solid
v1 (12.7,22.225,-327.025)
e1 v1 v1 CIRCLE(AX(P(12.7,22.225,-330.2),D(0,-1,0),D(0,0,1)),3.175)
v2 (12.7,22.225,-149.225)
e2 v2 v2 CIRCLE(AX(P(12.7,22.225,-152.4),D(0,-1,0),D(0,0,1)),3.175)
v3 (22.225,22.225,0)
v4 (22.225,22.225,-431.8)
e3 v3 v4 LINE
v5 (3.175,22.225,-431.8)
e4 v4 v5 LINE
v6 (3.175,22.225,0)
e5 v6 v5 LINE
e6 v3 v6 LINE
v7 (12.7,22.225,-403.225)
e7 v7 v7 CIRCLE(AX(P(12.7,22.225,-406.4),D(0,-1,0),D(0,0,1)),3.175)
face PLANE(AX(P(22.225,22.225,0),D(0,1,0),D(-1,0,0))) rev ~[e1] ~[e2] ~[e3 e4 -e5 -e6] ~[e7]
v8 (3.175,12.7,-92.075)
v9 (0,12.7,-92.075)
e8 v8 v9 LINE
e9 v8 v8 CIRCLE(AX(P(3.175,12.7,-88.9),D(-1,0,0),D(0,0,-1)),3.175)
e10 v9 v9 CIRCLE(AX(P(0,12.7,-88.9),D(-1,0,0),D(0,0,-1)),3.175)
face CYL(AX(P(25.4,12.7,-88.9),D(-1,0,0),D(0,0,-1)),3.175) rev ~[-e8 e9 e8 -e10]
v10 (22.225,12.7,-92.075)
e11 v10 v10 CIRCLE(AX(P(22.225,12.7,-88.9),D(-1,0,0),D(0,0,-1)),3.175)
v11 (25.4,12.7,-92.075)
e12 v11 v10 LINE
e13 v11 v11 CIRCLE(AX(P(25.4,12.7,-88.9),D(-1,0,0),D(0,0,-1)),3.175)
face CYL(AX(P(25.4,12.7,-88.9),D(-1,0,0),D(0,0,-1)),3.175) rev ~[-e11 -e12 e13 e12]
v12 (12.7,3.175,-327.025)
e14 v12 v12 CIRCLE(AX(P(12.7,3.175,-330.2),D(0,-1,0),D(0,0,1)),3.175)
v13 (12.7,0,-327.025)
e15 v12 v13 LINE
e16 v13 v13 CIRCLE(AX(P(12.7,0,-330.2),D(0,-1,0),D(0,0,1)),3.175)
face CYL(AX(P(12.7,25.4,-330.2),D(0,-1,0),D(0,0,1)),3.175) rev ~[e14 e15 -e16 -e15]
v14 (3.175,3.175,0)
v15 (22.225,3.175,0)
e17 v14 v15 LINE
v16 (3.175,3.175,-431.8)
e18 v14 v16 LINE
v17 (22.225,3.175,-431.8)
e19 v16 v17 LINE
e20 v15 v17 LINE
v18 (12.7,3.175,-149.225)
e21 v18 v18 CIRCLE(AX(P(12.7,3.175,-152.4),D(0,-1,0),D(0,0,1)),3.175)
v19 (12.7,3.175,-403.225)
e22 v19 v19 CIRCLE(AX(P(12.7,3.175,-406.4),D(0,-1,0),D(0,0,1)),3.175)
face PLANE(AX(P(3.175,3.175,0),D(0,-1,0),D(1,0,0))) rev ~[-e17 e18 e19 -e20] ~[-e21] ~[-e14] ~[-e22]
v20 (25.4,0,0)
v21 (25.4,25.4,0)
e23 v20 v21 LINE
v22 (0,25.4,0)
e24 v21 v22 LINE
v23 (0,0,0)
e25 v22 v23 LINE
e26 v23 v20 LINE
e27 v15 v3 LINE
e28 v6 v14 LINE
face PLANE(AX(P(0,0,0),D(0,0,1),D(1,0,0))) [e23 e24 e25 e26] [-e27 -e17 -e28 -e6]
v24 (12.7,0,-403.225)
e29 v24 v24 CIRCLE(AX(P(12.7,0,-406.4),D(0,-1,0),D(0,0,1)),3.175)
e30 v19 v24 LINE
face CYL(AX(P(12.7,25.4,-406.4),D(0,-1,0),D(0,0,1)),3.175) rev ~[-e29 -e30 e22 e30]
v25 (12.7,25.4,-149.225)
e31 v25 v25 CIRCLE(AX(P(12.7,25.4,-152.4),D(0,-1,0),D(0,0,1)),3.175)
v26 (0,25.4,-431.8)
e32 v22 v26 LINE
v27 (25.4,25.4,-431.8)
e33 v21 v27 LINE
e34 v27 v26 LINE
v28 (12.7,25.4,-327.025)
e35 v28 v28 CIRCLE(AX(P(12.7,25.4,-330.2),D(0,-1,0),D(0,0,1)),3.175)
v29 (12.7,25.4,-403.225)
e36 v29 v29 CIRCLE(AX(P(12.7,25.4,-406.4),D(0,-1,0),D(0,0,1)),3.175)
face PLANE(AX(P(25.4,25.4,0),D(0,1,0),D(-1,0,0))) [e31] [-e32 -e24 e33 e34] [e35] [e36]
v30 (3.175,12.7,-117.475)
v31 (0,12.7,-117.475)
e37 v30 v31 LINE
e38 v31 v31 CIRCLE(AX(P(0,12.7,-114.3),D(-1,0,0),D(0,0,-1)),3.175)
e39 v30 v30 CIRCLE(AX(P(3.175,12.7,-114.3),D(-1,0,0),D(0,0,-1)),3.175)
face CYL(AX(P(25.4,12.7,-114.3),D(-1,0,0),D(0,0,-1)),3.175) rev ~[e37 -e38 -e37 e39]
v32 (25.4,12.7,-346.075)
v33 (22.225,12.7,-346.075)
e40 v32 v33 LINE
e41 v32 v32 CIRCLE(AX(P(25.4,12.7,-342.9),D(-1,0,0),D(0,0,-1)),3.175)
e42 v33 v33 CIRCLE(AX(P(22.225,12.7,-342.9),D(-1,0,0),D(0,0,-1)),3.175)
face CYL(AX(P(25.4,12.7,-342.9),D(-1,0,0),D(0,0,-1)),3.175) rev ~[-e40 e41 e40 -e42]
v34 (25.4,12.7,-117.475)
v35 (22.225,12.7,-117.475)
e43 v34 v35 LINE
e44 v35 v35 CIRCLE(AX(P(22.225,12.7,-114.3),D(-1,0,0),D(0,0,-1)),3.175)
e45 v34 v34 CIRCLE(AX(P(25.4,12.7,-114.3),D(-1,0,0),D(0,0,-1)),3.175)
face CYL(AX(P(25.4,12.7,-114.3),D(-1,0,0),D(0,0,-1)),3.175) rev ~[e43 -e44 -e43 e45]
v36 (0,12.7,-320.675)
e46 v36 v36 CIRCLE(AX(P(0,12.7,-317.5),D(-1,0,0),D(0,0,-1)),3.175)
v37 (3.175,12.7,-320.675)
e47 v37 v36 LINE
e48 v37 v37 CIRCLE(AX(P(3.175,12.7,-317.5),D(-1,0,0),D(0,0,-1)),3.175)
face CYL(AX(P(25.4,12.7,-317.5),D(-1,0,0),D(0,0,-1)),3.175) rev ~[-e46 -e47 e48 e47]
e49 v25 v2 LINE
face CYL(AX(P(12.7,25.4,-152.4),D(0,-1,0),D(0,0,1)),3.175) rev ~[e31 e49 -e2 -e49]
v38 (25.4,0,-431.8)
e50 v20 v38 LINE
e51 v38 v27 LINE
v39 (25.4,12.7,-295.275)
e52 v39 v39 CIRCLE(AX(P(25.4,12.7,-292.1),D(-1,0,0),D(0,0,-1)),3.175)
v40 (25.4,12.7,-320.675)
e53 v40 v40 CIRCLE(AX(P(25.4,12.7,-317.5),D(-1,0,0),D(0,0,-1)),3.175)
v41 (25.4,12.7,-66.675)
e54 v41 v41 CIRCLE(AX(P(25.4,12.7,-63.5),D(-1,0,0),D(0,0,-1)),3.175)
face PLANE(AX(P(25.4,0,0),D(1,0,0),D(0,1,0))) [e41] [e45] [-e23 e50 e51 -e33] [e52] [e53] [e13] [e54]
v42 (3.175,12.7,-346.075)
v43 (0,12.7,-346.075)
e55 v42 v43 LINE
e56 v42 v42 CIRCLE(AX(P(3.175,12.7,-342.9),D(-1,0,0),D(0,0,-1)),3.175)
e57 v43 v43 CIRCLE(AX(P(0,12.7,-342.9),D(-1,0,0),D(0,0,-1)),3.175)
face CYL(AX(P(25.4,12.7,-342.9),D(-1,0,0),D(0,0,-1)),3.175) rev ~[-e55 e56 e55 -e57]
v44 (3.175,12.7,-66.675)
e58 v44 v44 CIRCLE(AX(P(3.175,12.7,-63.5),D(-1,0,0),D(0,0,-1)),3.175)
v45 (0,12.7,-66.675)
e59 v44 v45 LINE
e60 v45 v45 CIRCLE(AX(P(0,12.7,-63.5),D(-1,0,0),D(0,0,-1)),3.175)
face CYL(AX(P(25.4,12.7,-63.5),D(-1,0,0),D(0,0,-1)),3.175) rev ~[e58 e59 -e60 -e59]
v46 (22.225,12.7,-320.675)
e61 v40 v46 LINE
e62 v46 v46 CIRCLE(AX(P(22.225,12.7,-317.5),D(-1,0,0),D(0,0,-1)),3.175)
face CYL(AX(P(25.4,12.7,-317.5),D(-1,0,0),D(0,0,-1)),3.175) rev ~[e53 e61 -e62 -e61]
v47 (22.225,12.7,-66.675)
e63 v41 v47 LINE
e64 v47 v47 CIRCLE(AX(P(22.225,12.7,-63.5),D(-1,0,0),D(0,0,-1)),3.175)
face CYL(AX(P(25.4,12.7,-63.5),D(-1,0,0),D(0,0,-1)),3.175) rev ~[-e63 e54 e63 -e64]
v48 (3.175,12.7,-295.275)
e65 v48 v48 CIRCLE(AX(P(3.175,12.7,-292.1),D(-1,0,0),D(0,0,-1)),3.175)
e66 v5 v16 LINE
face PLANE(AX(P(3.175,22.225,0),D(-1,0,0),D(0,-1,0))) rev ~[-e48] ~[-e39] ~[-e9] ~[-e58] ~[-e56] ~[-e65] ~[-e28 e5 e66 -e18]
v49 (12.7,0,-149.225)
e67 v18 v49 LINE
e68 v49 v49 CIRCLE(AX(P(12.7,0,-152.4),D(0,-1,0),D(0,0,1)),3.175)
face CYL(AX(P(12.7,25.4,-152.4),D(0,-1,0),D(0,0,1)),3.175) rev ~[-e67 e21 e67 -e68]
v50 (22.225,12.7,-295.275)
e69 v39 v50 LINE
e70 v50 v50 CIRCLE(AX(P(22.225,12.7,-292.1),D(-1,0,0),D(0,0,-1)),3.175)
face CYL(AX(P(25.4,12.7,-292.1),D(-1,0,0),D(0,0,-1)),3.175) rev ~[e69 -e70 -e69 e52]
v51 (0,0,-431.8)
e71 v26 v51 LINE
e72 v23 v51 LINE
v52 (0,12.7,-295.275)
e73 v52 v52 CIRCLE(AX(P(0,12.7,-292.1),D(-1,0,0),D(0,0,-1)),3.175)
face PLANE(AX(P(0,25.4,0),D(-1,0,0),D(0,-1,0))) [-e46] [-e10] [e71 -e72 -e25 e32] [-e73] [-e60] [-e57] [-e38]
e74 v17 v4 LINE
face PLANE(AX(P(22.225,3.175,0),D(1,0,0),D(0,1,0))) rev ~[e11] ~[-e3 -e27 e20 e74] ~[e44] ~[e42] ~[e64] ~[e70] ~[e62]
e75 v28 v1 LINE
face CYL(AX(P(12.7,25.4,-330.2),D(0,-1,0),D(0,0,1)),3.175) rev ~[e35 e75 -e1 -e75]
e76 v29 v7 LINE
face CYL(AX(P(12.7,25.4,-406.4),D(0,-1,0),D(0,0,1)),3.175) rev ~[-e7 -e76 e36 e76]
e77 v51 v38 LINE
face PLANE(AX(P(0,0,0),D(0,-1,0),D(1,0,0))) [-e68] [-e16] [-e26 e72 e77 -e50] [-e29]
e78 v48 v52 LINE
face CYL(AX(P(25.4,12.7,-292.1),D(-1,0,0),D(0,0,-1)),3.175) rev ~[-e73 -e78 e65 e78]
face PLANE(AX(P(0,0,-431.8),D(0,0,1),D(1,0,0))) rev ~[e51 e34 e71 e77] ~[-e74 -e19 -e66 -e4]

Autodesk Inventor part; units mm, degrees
ref_plane "YZ Plane" through (0, 0, 0) normal (1, 0, 0) x (0, 1, 0)
ref_plane "XZ Plane" through (0, 0, 0) normal (0, 1, 0) x (-1, 0, 0)
ref_plane "XY Plane" through (0, 0, 0) normal (0, 0, 1) x (1, 0, 0)
sketch "Sketch1" plane through (0, 0, 0) normal (0, 0, 1) x (1, 0, 0)
  line L0 (0, 0) -> (25.4, 0)
  line L1 (25.4, 0) -> (25.4, 25.4)
  line L2 (25.4, 25.4) -> (0, 25.4)
  line L3 (0, 25.4) -> (0, 0)
  line L4 (3.175, 3.175) -> (22.225, 3.175)
  line L5 (22.225, 3.175) -> (22.225, 22.225)
  line L6 (22.225, 22.225) -> (3.175, 22.225)
  line L7 (3.175, 22.225) -> (3.175, 3.175)
  dimension "d0" = 25.4
  dimension "d1" = 25.4
  dimension "d2" = 3.175
extrude "Extrusion1" add sketch "Sketch1" against normal blind 431.8
sketch "Sketch2" plane through (0, 25.4, 0) normal (0, 1, 0) x (1, 0, 0)
  line L0 (25.4, 431.8) -> (0, 431.8) projected
  point P0 (12.7, 406.4)
  point P1 (12.7, 330.2)
  point P2 (12.7, 152.4)
  dimension "d5" = 25.4
  dimension "d6" = 76.2
  dimension "d7" = 177.8
hole "Hole1" at (12.7, 25.4, -406.4) at (12.7, 25.4, -330.2) at (12.7, 25.4, -152.4) direction (0, -1, 0) diameter 6.35 depth 25.4 tip angle 118
sketch "Sketch3" plane through (25.4, 0, 0) normal (1, 0, 0) x (0, 0, -1)
  line L0 (0, 0) -> (0, 25.4) projected
  line L1 (0, 0) -> (431.8, 0) projected
  line L2 (431.8, 0) -> (431.8, 25.4) projected
  point P0 (63.5, 12.7)
  point P1 (88.9, 12.7)
  point P2 (114.3, 12.7)
  point P3 (342.9, 12.7)
  point P4 (317.5, 12.7)
  point P5 (292.1, 12.7)
  point P6 (431.8, 12.7)
  dimension "d15" = 12.7
  dimension "d16" = 25.4
  dimension "d17" = 25.4
  dimension "d18" = 63.5
  dimension "d26" = 25.4
  dimension "d27" = 25.4
  dimension "d28" = 88.9
hole "Hole2" at (25.4, 12.7, -63.5) at (25.4, 12.7, -88.9) at (25.4, 12.7, -114.3) direction (-1, 0, 0) diameter 6.35 depth 25.4 tip angle 118
hole "Hole3" at (25.4, 12.7, -342.9) at (25.4, 12.7, -317.5) at (25.4, 12.7, -292.1) direction (-1, 0, 0) diameter 6.35 depth 25.4 tip angle 118
properties part number "12 in tube"
